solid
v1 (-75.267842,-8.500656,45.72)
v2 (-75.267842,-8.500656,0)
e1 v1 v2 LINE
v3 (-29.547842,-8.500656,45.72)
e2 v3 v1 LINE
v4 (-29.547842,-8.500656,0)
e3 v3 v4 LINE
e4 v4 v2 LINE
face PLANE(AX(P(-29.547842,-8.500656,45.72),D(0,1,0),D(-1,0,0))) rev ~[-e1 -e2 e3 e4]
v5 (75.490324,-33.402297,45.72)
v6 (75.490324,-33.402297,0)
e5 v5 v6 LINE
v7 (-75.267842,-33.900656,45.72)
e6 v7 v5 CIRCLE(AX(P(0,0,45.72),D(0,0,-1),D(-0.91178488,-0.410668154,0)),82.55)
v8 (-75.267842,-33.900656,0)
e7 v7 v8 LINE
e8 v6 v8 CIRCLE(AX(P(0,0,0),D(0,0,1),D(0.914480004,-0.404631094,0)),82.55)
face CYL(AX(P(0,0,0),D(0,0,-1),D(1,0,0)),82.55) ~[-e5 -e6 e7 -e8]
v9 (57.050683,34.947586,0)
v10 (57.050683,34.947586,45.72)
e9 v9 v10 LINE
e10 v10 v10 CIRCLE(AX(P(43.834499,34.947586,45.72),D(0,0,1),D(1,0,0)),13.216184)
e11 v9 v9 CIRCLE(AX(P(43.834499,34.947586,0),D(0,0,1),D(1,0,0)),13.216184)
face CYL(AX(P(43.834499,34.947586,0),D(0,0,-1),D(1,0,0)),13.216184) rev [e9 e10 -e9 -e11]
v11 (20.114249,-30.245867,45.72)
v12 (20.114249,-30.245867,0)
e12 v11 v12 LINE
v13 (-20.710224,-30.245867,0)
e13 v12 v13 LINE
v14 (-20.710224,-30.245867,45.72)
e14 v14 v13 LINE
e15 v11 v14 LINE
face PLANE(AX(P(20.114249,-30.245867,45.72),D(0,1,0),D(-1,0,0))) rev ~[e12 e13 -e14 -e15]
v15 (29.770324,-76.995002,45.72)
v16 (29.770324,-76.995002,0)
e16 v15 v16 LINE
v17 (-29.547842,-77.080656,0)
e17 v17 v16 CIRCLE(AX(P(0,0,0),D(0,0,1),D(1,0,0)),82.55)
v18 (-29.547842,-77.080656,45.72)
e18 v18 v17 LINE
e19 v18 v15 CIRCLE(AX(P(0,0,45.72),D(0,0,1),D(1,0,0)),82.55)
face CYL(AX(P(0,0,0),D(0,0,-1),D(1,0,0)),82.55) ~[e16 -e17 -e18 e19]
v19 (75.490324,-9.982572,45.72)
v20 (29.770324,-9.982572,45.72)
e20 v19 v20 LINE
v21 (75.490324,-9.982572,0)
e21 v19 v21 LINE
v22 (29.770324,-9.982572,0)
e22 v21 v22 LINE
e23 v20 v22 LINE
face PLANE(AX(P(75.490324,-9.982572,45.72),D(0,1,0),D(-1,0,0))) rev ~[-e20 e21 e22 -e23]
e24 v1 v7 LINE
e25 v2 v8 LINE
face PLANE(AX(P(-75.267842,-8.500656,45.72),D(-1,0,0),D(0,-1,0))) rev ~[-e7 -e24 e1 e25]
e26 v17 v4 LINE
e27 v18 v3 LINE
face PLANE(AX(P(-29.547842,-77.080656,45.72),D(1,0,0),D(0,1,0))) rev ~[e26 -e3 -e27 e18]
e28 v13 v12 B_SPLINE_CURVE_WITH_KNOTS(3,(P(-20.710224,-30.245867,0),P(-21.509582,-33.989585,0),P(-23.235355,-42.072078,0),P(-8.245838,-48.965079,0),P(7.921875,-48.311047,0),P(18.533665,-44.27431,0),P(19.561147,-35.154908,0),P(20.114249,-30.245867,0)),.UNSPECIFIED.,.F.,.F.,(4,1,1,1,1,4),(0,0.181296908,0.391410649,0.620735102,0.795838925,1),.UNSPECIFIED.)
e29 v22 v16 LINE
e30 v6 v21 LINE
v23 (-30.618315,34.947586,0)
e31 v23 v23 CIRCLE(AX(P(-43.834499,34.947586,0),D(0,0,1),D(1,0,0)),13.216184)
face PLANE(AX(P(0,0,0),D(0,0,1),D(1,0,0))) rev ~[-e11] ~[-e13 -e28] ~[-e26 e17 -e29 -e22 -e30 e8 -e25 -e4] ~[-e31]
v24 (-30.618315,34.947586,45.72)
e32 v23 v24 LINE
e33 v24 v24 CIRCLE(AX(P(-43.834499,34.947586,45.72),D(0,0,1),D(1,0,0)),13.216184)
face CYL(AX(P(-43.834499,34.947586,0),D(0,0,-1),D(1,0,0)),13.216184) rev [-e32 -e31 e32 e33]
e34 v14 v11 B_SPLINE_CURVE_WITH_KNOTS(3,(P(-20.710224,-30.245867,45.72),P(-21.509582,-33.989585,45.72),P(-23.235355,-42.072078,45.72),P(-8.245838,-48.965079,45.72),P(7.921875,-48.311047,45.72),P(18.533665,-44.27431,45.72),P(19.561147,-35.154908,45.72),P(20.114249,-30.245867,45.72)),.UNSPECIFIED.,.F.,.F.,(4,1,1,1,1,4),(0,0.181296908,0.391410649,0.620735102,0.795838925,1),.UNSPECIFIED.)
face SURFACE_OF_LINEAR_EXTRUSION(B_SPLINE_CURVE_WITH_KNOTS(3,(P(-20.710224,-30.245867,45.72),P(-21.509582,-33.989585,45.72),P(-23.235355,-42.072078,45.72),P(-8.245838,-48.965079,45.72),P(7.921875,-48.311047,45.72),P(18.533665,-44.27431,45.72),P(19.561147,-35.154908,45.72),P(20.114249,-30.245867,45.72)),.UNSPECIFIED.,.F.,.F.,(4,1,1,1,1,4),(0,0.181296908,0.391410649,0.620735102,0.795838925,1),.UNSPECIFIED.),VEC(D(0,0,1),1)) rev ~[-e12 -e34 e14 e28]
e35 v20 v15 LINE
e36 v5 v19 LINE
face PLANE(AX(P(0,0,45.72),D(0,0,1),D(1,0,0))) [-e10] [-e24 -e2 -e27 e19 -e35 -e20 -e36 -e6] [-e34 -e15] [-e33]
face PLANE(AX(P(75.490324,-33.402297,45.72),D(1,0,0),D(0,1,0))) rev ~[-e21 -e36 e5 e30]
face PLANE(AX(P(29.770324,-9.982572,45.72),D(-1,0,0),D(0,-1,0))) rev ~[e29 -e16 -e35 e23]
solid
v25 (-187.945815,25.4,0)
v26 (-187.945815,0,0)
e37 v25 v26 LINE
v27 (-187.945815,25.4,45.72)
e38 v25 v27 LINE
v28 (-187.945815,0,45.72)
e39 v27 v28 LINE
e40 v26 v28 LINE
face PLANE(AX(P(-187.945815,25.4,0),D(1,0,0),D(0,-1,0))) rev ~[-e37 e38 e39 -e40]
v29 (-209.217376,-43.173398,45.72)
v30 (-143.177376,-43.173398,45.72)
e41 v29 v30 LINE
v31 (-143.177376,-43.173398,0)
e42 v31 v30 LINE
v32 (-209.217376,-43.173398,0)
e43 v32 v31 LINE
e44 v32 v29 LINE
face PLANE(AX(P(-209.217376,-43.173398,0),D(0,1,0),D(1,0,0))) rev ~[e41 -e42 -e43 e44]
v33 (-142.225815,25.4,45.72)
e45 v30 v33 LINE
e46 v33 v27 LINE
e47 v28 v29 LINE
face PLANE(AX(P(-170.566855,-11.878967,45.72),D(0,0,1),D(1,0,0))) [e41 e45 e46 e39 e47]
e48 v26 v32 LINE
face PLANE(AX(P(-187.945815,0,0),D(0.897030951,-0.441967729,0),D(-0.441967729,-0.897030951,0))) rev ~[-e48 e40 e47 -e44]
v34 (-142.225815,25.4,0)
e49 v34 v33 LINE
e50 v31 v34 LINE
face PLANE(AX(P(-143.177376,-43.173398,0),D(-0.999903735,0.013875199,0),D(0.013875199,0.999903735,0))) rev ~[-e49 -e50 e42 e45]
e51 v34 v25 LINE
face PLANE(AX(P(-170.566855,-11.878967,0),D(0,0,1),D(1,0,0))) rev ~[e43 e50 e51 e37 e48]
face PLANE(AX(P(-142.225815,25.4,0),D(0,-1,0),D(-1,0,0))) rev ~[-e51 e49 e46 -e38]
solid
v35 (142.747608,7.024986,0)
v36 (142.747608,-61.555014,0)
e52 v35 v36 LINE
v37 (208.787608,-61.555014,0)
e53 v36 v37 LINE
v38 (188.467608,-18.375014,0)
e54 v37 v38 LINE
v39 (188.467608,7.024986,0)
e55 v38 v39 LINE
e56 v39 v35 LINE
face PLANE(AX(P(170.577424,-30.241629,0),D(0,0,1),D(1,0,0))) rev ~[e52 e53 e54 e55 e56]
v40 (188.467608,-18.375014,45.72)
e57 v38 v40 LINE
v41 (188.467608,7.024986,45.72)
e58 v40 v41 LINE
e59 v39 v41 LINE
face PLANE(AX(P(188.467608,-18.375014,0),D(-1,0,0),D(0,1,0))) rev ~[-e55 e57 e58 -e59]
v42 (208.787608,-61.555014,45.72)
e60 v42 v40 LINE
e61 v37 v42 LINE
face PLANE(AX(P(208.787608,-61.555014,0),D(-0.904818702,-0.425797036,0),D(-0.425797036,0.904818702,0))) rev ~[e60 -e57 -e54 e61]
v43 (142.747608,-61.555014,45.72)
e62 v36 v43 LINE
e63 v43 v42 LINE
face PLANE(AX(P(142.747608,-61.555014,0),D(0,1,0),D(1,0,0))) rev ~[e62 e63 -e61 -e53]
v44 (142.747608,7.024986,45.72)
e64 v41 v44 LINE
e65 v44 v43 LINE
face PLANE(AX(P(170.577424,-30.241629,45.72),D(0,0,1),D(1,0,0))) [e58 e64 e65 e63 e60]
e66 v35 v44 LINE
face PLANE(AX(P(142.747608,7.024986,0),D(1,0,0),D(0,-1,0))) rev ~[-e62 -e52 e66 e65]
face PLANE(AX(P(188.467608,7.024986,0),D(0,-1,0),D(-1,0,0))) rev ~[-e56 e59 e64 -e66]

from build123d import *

# Parameters (mm, degrees)
F0_R     = 82.55
F0_R_2   = 13.2161840286
F1_DEPTH = 45.72
F3_DEPTH = 45.72
F5_DEPTH = 45.72
F7_DEPTH = 45.72
F9_DEPTH = 45.72


with BuildPart() as f1:
    # F0 (on Top) → F1 (new body)
    with BuildSketch(Plane.XY):
        Circle(F0_R)
        with Locations((-43.8344989988, 34.9475856532)):
            Circle(F0_R_2, mode=Mode.SUBTRACT)
        with Locations((43.8344989988, 34.9475856532)):
            Circle(F0_R_2, mode=Mode.SUBTRACT)
    extrude(amount=F1_DEPTH)

    # F2 (on face) → F3 (cut)
    with BuildSketch(Plane.XY.offset(45.72)):
        with BuildLine():
            Line((20.1142486185, -30.2458666265), (-20.7102242857, -30.2458666265))
            add(Edge.make_bspline(
                [(-20.7102242857, -30.2458666265), (-21.5095821677, -33.9895845007), (-23.2353545013, -42.0720778093), (-8.2458384912, -48.9650793457), (7.921874901, -48.3110472906), (18.5336653767, -44.2743095129), (19.5611474732, -35.1549075564), (20.1142486185, -30.2458666265)],
                knots=[0, 0, 0, 0, 0.1812969077, 0.3914106492, 0.6207351021, 0.795838925, 1, 1, 1, 1], degree=3))
        make_face()
    extrude(amount=-F3_DEPTH, mode=Mode.SUBTRACT)

    # F4 (on face) → F5 (cut)
    with BuildSketch(Plane.XY.offset(45.72)):
        with BuildLine():
            Line((-75.2678418537, -8.5006560804), (-75.2678418537, -33.9006560804))
            ThreePointArc((-75.2678418537, -33.9006560804), (-56.6807726462, -60.014935743), (-29.5478418537, -77.0806560804))
            Line((-29.5478418537, -77.0806560804), (-29.5478418537, -8.5006560804))
            Line((-29.5478418537, -8.5006560804), (-75.2678418537, -8.5006560804))
        make_face()
        with BuildLine():
            ThreePointArc((29.7703243229, -76.995001719), (56.9651825082, -59.7450456675), (75.4903243229, -33.4022968315))
            Line((75.4903243229, -33.4022968315), (75.4903243229, -9.9825717488))
            Line((75.4903243229, -9.9825717488), (29.7703243229, -9.9825717488))
            Line((29.7703243229, -9.9825717488), (29.7703243229, -76.995001719))
        make_face()
    extrude(amount=-F5_DEPTH, mode=Mode.SUBTRACT)


with BuildPart() as f7:
    # F6 (on Top) → F7 (new body)
    with BuildSketch(Plane.XY):
        Polygon((-142.2258148932, 25.4), (-187.9458148932, 25.4), (-187.9458148932, 0), (-209.2173760553, -43.1733981319), (-143.1773760553, -43.1733981319), align=None)
    extrude(amount=F7_DEPTH)


with BuildPart() as f9:
    # F8 (on Top) → F9 (new body)
    with BuildSketch(Plane.XY):
        Polygon((188.4676078524, 7.0249855754), (142.7476078524, 7.0249855754), (142.7476078524, -61.5550144246), (208.7876078524, -61.5550144246), (188.4676078524, -18.3750144246), align=None)
    extrude(amount=F9_DEPTH)


solid = Compound([f1.part, f7.part, f9.part])
